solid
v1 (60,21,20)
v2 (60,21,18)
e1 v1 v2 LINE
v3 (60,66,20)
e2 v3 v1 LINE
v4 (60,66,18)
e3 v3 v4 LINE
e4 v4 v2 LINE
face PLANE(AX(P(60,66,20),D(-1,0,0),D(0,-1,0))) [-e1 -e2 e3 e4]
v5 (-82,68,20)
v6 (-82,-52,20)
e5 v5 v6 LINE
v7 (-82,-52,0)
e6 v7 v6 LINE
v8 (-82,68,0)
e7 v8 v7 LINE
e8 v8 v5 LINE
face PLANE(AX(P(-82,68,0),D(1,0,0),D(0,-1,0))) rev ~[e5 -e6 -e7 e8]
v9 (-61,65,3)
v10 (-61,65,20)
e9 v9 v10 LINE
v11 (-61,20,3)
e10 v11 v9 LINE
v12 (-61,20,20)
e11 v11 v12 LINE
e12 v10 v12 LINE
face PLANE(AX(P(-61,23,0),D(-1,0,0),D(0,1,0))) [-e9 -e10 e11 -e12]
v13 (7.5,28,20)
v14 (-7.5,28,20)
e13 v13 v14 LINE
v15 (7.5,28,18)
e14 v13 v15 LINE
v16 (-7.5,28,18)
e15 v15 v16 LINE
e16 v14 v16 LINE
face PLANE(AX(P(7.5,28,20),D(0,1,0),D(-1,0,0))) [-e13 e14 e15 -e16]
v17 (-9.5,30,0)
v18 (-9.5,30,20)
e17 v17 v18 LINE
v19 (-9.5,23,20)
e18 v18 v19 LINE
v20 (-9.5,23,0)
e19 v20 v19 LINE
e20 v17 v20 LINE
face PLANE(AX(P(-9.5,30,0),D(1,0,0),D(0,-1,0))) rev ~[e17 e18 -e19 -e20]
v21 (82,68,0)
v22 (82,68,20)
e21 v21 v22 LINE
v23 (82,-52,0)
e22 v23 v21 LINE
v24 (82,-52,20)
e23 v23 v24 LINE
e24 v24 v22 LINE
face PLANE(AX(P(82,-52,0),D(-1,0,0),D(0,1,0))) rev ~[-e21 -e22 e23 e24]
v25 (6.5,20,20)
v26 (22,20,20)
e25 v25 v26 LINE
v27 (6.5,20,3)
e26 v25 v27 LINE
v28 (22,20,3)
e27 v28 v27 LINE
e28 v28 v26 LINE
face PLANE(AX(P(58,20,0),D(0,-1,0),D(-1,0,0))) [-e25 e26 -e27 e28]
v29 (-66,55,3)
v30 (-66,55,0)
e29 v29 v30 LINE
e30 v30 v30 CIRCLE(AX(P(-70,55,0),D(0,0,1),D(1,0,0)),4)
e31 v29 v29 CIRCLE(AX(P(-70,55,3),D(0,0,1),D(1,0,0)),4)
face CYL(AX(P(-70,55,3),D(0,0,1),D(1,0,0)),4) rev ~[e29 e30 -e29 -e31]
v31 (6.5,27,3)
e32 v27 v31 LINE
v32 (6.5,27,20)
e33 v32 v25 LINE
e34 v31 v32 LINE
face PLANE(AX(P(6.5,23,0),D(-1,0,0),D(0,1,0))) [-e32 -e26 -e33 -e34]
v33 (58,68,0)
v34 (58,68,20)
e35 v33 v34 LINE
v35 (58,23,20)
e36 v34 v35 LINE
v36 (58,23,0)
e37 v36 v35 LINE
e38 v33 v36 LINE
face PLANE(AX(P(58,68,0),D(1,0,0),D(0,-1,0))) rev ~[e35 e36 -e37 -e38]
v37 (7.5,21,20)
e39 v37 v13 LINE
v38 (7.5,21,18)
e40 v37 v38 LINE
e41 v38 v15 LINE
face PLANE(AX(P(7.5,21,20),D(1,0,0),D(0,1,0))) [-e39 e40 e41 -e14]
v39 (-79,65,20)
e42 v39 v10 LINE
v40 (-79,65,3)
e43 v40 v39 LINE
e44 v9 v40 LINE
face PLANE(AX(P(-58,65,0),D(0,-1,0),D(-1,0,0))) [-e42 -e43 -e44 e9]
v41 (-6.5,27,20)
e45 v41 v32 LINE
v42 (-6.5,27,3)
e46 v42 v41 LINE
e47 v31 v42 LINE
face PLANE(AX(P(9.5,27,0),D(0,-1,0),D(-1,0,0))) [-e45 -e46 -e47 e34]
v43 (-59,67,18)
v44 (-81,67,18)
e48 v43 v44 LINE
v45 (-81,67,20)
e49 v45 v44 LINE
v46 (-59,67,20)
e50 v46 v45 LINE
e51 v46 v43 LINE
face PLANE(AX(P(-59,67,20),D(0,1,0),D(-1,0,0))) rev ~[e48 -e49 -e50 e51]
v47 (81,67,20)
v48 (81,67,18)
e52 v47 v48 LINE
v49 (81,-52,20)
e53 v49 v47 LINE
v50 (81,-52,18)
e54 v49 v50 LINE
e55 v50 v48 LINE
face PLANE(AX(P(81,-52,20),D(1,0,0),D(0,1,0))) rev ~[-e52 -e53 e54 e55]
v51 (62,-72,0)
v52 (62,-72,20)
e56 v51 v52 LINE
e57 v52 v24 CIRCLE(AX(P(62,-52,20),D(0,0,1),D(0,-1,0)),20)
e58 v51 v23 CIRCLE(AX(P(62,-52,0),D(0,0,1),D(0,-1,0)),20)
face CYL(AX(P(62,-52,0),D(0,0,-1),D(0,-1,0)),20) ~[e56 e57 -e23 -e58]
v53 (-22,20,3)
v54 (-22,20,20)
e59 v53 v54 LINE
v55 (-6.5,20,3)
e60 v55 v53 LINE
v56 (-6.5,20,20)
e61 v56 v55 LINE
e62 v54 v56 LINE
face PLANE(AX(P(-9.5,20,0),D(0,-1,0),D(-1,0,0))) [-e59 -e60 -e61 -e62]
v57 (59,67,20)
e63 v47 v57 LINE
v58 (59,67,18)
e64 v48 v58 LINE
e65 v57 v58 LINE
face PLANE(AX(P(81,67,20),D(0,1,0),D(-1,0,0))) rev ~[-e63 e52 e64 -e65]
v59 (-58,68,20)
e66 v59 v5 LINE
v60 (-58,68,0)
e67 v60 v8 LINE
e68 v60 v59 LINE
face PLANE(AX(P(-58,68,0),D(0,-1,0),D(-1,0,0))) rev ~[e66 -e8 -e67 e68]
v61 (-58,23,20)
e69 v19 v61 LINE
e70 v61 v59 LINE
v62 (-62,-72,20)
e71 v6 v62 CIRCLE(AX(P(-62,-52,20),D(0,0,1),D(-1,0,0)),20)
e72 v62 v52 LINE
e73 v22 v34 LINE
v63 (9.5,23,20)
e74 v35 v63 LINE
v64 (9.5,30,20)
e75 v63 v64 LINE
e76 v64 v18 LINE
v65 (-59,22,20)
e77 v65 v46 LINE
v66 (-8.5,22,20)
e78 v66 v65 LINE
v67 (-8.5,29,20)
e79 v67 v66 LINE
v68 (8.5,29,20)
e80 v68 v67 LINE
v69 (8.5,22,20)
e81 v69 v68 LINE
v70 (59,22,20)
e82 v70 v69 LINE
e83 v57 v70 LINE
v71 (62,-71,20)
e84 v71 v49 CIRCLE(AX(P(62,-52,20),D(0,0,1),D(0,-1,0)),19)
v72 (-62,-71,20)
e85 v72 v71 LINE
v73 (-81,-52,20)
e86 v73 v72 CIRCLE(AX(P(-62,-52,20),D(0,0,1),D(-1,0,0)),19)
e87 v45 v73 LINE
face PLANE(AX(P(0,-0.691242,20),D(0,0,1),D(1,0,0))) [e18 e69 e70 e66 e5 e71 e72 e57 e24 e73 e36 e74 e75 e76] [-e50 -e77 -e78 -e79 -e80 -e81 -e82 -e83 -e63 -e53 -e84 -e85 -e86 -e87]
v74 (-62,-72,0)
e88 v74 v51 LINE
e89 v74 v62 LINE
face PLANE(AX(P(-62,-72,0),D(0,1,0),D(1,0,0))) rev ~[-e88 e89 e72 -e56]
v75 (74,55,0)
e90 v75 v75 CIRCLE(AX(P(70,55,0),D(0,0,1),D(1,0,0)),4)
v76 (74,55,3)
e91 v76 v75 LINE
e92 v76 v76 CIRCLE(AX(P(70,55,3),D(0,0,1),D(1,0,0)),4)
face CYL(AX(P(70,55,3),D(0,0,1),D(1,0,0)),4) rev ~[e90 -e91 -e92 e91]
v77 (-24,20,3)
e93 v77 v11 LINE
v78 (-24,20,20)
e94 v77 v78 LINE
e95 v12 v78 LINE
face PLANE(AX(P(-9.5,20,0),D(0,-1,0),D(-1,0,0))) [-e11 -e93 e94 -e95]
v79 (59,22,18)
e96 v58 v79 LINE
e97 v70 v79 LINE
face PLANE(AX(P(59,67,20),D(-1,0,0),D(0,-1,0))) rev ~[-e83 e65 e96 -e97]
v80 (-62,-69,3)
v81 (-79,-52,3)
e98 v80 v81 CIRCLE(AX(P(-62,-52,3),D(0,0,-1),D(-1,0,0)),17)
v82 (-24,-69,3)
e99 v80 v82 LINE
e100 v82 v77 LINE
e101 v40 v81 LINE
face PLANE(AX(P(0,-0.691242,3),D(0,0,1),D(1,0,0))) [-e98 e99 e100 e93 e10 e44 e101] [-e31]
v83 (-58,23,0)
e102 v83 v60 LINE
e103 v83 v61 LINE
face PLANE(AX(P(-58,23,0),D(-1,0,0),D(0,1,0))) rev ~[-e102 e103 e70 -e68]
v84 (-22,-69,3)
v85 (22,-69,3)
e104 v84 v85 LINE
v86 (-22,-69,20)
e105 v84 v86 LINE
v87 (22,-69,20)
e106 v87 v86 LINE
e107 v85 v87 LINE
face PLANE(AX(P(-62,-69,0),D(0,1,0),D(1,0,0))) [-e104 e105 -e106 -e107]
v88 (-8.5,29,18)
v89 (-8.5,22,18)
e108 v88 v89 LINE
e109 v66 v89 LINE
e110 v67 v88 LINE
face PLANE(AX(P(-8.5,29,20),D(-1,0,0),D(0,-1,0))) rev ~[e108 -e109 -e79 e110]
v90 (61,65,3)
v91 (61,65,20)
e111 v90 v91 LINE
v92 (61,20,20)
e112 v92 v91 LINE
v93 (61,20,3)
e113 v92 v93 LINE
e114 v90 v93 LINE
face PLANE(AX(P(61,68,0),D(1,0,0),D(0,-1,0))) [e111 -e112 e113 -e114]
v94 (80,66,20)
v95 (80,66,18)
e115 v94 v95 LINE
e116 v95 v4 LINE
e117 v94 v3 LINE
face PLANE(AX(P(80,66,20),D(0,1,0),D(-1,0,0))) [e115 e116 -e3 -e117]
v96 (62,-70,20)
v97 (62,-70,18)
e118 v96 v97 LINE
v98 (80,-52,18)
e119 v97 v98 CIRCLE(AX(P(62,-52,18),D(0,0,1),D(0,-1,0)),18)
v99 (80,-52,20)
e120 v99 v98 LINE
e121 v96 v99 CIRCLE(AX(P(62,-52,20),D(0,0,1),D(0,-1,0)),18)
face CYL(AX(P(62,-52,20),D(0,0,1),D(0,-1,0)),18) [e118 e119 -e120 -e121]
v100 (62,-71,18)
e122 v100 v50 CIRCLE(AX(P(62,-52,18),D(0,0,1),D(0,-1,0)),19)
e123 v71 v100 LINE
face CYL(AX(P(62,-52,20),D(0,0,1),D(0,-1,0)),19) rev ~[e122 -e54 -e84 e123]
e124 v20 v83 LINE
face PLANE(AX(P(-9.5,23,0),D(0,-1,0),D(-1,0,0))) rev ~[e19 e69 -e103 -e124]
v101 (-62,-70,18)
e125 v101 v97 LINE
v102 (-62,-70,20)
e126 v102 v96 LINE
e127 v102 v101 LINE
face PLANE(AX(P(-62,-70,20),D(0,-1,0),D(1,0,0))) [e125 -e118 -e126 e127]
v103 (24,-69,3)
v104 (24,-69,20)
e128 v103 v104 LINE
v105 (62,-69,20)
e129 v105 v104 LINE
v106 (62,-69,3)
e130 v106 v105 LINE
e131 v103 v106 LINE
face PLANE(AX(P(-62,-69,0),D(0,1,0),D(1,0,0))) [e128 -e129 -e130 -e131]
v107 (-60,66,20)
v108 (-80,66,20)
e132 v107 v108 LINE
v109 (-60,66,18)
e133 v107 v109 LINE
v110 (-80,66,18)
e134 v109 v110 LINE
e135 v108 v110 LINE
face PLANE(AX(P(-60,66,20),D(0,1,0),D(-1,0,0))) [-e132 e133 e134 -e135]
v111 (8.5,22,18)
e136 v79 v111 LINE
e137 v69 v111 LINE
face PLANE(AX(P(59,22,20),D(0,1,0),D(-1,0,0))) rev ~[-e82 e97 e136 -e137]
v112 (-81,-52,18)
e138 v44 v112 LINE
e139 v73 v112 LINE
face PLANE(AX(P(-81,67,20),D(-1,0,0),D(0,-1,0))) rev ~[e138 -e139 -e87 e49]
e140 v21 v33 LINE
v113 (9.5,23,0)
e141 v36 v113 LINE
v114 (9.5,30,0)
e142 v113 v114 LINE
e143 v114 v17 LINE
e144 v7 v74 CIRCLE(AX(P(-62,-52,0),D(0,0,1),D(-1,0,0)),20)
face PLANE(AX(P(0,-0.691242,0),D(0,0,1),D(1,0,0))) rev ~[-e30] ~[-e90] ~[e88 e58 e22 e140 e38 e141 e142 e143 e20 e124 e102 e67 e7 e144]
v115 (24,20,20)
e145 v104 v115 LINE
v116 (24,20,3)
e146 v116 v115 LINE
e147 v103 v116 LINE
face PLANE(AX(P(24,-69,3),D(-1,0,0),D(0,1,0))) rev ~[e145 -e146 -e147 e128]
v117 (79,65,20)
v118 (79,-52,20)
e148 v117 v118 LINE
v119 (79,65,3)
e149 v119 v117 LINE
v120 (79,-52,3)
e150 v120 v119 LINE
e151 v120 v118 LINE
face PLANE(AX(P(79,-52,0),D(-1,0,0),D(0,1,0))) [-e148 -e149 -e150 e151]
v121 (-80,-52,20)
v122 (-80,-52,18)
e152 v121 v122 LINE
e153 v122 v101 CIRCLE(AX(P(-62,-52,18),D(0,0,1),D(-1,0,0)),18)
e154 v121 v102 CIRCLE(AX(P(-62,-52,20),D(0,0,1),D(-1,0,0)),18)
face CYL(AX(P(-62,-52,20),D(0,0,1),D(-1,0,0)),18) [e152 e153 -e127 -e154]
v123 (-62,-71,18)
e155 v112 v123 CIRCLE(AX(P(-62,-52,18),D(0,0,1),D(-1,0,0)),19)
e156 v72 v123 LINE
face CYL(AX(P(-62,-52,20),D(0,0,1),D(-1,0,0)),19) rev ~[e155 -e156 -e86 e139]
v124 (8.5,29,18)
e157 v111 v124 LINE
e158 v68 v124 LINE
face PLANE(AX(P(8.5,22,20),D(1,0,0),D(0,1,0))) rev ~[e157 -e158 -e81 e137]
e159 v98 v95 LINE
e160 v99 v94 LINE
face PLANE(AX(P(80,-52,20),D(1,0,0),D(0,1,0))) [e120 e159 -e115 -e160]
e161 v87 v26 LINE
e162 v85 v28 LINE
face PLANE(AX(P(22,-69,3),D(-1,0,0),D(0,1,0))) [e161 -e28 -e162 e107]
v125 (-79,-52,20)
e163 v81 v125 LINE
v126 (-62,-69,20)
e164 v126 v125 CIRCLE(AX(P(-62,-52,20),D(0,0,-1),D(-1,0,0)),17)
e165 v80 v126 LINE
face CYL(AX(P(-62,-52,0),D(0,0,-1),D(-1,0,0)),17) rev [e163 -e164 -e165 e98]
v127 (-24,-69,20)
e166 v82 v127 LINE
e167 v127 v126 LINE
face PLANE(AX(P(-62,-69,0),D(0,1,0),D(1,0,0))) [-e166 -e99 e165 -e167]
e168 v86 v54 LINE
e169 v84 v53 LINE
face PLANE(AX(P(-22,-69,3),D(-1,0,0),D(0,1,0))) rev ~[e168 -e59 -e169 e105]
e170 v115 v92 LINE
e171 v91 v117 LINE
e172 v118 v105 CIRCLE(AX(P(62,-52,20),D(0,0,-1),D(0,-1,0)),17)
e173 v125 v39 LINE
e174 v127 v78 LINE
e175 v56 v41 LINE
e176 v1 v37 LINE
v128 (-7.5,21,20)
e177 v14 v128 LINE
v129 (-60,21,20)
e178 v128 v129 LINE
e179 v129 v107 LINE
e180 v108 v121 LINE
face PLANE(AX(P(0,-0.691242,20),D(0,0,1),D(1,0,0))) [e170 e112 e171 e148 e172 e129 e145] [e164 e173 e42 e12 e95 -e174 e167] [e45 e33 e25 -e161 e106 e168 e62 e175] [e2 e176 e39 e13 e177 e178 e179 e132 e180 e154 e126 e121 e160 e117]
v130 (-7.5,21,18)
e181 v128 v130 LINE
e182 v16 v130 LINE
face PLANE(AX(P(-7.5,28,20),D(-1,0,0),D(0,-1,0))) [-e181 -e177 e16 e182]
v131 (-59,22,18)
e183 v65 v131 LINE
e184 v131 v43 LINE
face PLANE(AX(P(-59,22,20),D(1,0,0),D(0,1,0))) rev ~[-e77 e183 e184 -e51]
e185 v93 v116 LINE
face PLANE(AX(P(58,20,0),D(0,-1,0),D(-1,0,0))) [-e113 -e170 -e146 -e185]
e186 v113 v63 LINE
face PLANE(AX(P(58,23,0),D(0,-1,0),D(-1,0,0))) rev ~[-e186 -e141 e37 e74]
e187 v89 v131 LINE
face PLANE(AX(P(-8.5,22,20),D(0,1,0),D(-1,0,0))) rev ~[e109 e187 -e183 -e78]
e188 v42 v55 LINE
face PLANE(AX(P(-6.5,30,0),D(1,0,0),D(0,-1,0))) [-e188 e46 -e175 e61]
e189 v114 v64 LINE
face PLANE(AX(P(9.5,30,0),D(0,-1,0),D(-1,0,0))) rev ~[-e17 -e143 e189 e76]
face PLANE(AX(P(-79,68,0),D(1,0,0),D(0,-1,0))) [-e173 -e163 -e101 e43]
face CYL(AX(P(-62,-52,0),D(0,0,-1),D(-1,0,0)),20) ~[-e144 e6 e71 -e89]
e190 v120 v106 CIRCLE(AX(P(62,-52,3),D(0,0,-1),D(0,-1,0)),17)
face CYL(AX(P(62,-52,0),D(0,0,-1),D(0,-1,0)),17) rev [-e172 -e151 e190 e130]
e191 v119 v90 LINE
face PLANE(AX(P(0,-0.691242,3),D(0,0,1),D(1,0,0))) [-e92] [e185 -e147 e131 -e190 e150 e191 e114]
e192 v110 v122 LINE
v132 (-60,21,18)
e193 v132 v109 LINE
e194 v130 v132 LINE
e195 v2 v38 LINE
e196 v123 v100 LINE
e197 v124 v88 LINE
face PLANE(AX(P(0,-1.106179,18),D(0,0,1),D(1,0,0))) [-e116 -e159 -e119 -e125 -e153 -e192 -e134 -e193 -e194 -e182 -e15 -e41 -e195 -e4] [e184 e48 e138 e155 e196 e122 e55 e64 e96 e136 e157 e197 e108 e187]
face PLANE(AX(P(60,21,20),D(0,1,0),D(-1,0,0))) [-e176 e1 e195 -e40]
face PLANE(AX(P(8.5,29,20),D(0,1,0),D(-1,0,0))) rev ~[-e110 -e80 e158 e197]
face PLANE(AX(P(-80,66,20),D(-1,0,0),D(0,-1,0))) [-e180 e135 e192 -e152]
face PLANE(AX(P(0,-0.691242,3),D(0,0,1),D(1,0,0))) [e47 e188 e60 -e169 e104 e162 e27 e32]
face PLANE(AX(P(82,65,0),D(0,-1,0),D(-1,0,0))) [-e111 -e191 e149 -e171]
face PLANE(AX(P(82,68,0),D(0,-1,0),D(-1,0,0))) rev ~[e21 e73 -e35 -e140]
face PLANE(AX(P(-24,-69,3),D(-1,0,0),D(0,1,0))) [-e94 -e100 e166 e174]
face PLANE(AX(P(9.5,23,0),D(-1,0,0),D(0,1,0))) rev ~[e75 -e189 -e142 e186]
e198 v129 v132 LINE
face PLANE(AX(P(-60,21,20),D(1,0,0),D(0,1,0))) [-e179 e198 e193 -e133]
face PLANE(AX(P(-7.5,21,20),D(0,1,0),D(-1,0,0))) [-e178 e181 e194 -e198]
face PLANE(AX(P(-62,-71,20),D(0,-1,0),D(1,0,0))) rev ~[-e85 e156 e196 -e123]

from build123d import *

# Parameters (mm, degrees)
RESSALTO_EXTRUS_O1_DEPTH = 20
CASCA1_T                 = -3
ESBO_O2_W                = 2
ESBO_O2_H                = 89
RESSALTO_EXTRUS_O2_DEPTH = 17
ESBO_O3_R                = 4
CORTE_EXTRUS_O1_DEPTH    = 111.440028975
ESBO_O4_R                = 4
CORTE_EXTRUS_O2_DEPTH    = 44
CORTE_EXTRUS_O3_DEPTH    = 2


with BuildPart() as part:
    # Esboço1 → Ressalto-extrusão1 (new body)
    with BuildSketch(Plane.XY):
        with BuildLine():
            Line((-58, 23), (-58, 68))
            Line((-58, 68), (-82, 68))
            Line((-82, 68), (-82, -52))
            ThreePointArc((-82, -52), (-76.142135624, -66.142135624), (-62, -72))
            Line((-62, -72), (62, -72))
            ThreePointArc((62, -72), (76.142135624, -66.142135624), (82, -52))
            Line((82, -52), (82, 68))
            Line((82, 68), (58, 68))
            Line((58, 68), (58, 23))
            Line((58, 23), (9.5, 23))
            Line((9.5, 23), (9.5, 30))
            Line((9.5, 30), (-9.5, 30))
            Line((-9.5, 30), (-9.5, 23))
            Line((-9.5, 23), (-58, 23))
        make_face()
    extrude(amount=RESSALTO_EXTRUS_O1_DEPTH)

    # Casca1
    casca1_openings = [part.faces().sort_by_distance(p)[0] for p in [
        (0, -15.157706838, 20),
    ]]
    offset(amount=CASCA1_T, openings=casca1_openings, kind=Kind.INTERSECTION)

    # Esboço2 → Ressalto-extrusão2 (add)
    with BuildSketch(Plane.XY.offset(3)):
        with Locations((-23, -24.5)):
            Rectangle(ESBO_O2_W, ESBO_O2_H)
        with Locations((23, -24.5)):
            Rectangle(ESBO_O2_W, ESBO_O2_H)
    extrude(amount=RESSALTO_EXTRUS_O2_DEPTH)

    # Esboço3 → Corte-extrusão1 (cut, through all)
    with BuildSketch(Plane.XY.offset(3)):
        with Locations((70, 55)):
            Circle(ESBO_O3_R)
    extrude(amount=-CORTE_EXTRUS_O1_DEPTH, mode=Mode.SUBTRACT)

    # Esboço4 → Corte-extrusão2 (cut)
    with BuildSketch(Plane.XY.offset(3)):
        with Locations((-70, 55)):
            Circle(ESBO_O4_R)
    extrude(amount=-CORTE_EXTRUS_O2_DEPTH, mode=Mode.SUBTRACT)

    # Esboço5 → Corte-extrusão3 (cut)
    with BuildSketch(Plane.XY.offset(20)):
        with BuildLine():
            Line((-8.5, 22), (-59, 22))
            Line((-59, 22), (-59, 67))
            Line((-59, 67), (-81, 67))
            Line((-81, 67), (-81, -52))
            ThreePointArc((-81, -52), (-75.435028843, -65.435028843), (-62, -71))
            Line((-62, -71), (62, -71))
            ThreePointArc((62, -71), (75.435028843, -65.435028843), (81, -52))
            Line((81, -52), (81, 67))
            Line((81, 67), (59, 67))
            Line((59, 67), (59, 22))
            Line((59, 22), (8.5, 22))
            Line((8.5, 22), (8.5, 29))
            Line((8.5, 29), (-8.5, 29))
            Line((-8.5, 29), (-8.5, 22))
        make_face()
        with BuildLine():
            Line((-62, -70), (62, -70))
            ThreePointArc((62, -70), (74.727922061, -64.727922061), (80, -52))
            Line((80, -52), (80, 66))
            Line((80, 66), (60, 66))
            Line((60, 66), (60, 21))
            Line((60, 21), (7.5, 21))
            Line((7.5, 21), (7.5, 28))
            Line((7.5, 28), (-7.5, 28))
            Line((-7.5, 28), (-7.5, 21))
            Line((-7.5, 21), (-60, 21))
            Line((-60, 21), (-60, 66))
            Line((-60, 66), (-80, 66))
            Line((-80, 66), (-80, -52))
            ThreePointArc((-80, -52), (-74.727922061, -64.727922061), (-62, -70))
        make_face(mode=Mode.SUBTRACT)
    extrude(amount=-CORTE_EXTRUS_O3_DEPTH, mode=Mode.SUBTRACT)


solid = part.part
